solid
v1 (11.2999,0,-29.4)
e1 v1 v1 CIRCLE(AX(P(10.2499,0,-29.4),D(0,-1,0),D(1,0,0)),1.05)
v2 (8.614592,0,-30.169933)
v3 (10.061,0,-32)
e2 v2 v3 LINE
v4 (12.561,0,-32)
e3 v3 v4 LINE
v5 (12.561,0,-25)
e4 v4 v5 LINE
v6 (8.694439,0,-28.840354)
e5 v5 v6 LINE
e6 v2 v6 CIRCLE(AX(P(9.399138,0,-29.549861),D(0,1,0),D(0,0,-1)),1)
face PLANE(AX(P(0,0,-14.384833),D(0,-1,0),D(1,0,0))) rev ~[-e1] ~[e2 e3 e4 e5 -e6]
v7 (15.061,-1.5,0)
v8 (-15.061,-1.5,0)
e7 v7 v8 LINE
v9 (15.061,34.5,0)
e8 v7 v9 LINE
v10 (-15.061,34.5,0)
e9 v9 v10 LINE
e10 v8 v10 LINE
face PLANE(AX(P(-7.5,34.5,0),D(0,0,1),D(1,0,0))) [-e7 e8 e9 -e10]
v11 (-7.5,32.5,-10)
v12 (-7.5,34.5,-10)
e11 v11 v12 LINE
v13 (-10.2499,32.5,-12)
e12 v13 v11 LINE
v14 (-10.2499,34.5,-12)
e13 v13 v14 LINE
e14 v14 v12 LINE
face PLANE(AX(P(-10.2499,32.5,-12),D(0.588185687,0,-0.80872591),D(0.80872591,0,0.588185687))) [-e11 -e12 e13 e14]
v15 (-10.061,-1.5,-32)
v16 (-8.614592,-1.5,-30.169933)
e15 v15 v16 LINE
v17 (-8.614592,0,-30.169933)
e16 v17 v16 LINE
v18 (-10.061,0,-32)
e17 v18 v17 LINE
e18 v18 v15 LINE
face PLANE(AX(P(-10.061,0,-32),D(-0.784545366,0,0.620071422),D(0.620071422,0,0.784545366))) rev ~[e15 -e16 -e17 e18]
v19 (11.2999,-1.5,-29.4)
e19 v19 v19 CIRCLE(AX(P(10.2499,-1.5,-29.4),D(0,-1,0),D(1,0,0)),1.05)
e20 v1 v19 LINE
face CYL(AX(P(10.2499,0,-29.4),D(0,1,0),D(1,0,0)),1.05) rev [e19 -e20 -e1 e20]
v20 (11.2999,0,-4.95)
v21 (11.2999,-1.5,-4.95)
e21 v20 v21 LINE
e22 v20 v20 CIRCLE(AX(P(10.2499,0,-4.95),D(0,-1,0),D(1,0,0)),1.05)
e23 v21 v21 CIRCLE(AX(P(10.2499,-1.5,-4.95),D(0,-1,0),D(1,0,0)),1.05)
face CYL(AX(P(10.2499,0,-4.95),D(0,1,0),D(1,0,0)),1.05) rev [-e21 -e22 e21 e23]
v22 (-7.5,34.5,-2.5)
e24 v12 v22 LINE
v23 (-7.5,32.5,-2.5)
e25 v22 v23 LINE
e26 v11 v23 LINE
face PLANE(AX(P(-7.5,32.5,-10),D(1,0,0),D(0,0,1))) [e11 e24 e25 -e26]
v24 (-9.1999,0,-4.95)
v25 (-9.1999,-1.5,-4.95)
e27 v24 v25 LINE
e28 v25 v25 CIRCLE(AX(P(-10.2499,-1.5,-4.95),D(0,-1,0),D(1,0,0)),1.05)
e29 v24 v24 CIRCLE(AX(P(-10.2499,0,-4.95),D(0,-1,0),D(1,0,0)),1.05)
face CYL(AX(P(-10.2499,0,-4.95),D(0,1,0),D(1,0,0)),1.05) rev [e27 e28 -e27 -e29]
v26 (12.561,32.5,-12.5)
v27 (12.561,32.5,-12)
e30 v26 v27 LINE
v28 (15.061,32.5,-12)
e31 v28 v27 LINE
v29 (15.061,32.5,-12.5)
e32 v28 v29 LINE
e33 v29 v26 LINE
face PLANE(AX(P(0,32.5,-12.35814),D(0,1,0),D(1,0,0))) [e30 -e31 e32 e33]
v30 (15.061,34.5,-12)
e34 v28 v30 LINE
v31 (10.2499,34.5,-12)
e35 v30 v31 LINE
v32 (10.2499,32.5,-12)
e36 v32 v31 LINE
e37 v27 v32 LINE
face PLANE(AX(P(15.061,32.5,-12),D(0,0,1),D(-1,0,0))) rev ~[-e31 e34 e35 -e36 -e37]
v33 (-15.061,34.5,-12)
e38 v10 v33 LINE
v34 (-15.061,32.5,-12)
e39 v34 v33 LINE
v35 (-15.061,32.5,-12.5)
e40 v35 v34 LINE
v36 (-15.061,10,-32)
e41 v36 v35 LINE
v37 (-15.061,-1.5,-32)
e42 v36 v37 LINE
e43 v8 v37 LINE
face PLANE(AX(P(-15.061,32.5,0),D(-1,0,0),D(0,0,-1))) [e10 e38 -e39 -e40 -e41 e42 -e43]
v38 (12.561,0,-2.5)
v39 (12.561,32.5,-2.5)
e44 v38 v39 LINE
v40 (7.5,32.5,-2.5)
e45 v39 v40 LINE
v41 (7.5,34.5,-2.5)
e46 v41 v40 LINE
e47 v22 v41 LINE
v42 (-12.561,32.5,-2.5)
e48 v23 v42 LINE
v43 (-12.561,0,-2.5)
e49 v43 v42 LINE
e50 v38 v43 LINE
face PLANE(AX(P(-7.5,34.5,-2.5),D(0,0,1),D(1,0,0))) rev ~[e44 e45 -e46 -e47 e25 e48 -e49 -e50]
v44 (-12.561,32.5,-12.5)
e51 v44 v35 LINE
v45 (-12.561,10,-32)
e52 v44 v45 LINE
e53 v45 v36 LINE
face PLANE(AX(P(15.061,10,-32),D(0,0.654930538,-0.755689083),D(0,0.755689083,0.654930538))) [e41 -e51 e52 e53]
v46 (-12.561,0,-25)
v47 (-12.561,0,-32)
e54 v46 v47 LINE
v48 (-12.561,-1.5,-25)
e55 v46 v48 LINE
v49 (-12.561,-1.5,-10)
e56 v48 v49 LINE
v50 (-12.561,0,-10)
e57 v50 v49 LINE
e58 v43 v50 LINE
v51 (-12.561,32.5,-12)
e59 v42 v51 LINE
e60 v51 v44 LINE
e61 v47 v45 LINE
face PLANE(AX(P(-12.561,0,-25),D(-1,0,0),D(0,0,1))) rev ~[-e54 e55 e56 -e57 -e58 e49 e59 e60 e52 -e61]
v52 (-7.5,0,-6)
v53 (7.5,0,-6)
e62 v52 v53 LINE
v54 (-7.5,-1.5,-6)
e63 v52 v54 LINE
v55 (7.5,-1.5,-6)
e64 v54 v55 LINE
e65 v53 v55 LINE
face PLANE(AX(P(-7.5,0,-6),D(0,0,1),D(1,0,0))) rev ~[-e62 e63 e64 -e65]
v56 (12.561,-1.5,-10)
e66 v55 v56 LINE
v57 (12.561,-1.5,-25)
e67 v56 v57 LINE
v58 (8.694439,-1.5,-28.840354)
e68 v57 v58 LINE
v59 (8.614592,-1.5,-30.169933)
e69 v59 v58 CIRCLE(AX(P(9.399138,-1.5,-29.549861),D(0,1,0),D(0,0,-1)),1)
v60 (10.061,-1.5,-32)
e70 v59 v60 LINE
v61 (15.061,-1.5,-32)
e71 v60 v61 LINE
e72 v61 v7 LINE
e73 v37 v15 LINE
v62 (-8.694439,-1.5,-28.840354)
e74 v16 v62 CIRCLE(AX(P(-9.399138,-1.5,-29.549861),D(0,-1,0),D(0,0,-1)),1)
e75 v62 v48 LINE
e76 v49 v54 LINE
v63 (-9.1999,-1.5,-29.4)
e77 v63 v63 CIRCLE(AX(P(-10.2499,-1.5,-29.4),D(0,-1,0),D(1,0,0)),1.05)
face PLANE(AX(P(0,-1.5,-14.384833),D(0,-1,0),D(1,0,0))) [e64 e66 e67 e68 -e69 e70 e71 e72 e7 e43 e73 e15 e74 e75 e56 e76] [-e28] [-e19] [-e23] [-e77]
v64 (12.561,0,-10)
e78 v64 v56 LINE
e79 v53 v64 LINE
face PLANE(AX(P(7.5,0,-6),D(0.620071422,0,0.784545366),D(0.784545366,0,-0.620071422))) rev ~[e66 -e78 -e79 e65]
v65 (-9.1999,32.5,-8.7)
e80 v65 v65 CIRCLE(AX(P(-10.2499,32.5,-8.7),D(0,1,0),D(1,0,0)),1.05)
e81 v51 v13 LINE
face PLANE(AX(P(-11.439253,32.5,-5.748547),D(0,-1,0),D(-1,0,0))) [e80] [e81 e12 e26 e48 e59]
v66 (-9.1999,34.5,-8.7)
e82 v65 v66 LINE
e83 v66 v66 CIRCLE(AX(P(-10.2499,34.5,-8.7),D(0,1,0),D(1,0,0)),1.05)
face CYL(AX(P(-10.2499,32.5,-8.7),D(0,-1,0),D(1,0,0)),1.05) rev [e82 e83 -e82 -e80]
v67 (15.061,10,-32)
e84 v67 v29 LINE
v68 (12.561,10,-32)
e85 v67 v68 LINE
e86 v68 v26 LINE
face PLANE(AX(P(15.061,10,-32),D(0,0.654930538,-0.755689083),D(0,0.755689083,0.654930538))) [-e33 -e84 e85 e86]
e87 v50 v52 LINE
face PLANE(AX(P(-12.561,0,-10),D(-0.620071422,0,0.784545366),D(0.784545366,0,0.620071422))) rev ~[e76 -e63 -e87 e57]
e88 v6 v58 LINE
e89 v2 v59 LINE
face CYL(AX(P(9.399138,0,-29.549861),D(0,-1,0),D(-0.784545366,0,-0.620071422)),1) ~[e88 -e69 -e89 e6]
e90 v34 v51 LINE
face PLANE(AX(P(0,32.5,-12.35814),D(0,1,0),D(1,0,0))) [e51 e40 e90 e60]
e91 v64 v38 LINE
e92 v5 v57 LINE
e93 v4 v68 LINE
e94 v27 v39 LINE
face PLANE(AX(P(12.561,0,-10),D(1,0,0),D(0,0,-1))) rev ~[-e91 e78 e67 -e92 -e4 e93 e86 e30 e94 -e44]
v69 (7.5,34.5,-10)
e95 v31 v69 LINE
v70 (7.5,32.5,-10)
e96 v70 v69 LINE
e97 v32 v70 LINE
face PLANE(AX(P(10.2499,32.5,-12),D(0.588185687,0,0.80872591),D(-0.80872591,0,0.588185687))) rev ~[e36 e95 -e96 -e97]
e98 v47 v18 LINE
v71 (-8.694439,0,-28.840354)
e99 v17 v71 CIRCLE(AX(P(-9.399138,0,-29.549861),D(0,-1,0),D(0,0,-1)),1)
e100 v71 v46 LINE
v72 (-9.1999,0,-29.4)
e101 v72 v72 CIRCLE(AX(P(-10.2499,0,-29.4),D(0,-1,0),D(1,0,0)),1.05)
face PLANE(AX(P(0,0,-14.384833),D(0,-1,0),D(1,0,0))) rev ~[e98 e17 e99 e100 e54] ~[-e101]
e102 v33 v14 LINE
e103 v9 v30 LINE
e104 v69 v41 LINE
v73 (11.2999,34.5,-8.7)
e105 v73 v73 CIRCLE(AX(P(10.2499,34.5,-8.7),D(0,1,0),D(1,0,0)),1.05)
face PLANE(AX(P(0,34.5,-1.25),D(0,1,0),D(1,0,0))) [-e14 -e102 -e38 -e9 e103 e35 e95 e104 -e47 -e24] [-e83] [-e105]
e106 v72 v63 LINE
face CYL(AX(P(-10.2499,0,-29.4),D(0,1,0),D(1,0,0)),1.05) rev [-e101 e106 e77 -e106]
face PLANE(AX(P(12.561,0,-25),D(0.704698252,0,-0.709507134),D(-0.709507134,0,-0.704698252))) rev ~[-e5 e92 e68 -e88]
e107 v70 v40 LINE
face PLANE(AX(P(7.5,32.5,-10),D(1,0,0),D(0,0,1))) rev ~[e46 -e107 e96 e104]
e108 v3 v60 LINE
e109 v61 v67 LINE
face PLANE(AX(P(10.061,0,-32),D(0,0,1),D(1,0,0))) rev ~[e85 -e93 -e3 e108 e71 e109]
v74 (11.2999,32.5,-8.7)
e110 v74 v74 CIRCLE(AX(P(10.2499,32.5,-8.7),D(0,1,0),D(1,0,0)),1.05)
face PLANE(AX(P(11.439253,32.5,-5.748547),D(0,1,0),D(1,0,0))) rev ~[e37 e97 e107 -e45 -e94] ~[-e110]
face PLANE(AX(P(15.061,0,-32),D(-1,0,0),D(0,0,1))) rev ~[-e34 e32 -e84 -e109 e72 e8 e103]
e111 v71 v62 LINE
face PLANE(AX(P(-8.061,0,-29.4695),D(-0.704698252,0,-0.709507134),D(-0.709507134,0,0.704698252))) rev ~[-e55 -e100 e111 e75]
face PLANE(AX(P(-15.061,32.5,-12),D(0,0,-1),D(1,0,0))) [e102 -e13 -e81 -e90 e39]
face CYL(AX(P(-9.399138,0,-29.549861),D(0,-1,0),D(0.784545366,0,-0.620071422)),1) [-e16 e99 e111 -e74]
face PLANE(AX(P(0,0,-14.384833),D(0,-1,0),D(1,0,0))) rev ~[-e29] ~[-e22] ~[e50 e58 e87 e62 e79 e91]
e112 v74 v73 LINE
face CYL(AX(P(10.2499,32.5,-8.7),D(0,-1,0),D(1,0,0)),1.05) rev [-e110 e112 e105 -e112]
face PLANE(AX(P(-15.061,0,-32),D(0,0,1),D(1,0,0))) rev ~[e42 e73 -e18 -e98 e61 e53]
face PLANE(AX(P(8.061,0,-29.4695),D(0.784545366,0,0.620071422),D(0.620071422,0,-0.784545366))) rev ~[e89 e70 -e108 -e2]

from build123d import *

# Parameters (mm, degrees)
BOSS_EXTRUDE1_DEPTH = 32.5
CUT_EXTRUDE1_DEPTH  = 31.122
SKETCH4_R           = 1.05
BOSS_EXTRUDE2_DEPTH = 1.5
SKETCH5_R           = 1.05
BOSS_EXTRUDE3_DEPTH = 2
FILLET1_R           = 1
SKETCH6_W           = 15
SKETCH6_H           = 2.5
BOSS_EXTRUDE4_DEPTH = 2


with BuildPart() as part:
    # Sketch2 → Boss-Extrude1 (new body)
    with BuildSketch(Plane(origin=(0, 0, 0), x_dir=(1, 0, 0), z_dir=(0, 1, 0))):
        Polygon((15.061, 0), (15.061, 32), (12.561, 32), (12.561, 2.5), (-12.561, 2.5), (-12.561, 32), (-15.061, 32), (-15.061, 0), align=None)
    extrude(amount=BOSS_EXTRUDE1_DEPTH)

    # Sketch3 → Cut-Extrude1 (cut, through all)
    with BuildSketch(Plane(origin=(15.061, 0, 0), x_dir=(0, 0, -1), z_dir=(1, 0, 0))):
        Polygon((32, 10), (12.5, 32.5), (32, 32.5), align=None)
    extrude(amount=-CUT_EXTRUDE1_DEPTH, mode=Mode.SUBTRACT)

    # Sketch4 → Boss-Extrude2 (add)
    with BuildSketch(Plane.XZ):
        Polygon((-15.061, 0), (-15.061, -32), (-10.061, -32), (-8.061, -29.4695), (-12.561, -25), (-12.561, -10), (-7.5, -6), (7.5, -6), (12.561, -10), (12.561, -25), (8.061, -29.4695), (10.061, -32), (15.061, -32), (15.061, 0), align=None)
        with Locations((-10.2499, -4.95)):
            Circle(SKETCH4_R, mode=Mode.SUBTRACT)
        with Locations((-10.2499, -29.4)):
            Circle(SKETCH4_R, mode=Mode.SUBTRACT)
        with Locations((10.2499, -29.4)):
            Circle(SKETCH4_R, mode=Mode.SUBTRACT)
        with Locations((10.2499, -4.95)):
            Circle(SKETCH4_R, mode=Mode.SUBTRACT)
    extrude(amount=BOSS_EXTRUDE2_DEPTH)

    # Sketch5 → Boss-Extrude3 (add)
    with BuildSketch(Plane(origin=(0, 32.5, 0), x_dir=(1, 0, 0), z_dir=(0, 1, 0))):
        Polygon((-15.061, 12), (-10.2499, 12), (-7.5, 10), (-7.5, 0), (-15.061, 0), align=None)
        with Locations((-10.2499, 8.7)):
            Circle(SKETCH5_R, mode=Mode.SUBTRACT)
        Polygon((15.061, 12), (10.2499, 12), (7.5, 10), (7.5, 0), (15.061, 0), align=None)
        with Locations((10.2499, 8.7)):
            Circle(SKETCH5_R, mode=Mode.SUBTRACT)
    extrude(amount=BOSS_EXTRUDE3_DEPTH)

    # Fillet1
    fillet1_edges = [part.edges().sort_by_distance(p)[0] for p in [
        (-8.061, -0.75, -29.4695),
        (8.061, -0.75, -29.4695),
    ]]
    fillet(fillet1_edges, radius=FILLET1_R)

    # Sketch6 → Boss-Extrude4 (add)
    with BuildSketch(Plane(origin=(0, 34.5, 0), x_dir=(1, 0, 0), z_dir=(0, 1, 0))):
        with Locations((0, 1.25)):
            Rectangle(SKETCH6_W, SKETCH6_H)
    extrude(amount=-BOSS_EXTRUDE4_DEPTH)


solid = part.part
